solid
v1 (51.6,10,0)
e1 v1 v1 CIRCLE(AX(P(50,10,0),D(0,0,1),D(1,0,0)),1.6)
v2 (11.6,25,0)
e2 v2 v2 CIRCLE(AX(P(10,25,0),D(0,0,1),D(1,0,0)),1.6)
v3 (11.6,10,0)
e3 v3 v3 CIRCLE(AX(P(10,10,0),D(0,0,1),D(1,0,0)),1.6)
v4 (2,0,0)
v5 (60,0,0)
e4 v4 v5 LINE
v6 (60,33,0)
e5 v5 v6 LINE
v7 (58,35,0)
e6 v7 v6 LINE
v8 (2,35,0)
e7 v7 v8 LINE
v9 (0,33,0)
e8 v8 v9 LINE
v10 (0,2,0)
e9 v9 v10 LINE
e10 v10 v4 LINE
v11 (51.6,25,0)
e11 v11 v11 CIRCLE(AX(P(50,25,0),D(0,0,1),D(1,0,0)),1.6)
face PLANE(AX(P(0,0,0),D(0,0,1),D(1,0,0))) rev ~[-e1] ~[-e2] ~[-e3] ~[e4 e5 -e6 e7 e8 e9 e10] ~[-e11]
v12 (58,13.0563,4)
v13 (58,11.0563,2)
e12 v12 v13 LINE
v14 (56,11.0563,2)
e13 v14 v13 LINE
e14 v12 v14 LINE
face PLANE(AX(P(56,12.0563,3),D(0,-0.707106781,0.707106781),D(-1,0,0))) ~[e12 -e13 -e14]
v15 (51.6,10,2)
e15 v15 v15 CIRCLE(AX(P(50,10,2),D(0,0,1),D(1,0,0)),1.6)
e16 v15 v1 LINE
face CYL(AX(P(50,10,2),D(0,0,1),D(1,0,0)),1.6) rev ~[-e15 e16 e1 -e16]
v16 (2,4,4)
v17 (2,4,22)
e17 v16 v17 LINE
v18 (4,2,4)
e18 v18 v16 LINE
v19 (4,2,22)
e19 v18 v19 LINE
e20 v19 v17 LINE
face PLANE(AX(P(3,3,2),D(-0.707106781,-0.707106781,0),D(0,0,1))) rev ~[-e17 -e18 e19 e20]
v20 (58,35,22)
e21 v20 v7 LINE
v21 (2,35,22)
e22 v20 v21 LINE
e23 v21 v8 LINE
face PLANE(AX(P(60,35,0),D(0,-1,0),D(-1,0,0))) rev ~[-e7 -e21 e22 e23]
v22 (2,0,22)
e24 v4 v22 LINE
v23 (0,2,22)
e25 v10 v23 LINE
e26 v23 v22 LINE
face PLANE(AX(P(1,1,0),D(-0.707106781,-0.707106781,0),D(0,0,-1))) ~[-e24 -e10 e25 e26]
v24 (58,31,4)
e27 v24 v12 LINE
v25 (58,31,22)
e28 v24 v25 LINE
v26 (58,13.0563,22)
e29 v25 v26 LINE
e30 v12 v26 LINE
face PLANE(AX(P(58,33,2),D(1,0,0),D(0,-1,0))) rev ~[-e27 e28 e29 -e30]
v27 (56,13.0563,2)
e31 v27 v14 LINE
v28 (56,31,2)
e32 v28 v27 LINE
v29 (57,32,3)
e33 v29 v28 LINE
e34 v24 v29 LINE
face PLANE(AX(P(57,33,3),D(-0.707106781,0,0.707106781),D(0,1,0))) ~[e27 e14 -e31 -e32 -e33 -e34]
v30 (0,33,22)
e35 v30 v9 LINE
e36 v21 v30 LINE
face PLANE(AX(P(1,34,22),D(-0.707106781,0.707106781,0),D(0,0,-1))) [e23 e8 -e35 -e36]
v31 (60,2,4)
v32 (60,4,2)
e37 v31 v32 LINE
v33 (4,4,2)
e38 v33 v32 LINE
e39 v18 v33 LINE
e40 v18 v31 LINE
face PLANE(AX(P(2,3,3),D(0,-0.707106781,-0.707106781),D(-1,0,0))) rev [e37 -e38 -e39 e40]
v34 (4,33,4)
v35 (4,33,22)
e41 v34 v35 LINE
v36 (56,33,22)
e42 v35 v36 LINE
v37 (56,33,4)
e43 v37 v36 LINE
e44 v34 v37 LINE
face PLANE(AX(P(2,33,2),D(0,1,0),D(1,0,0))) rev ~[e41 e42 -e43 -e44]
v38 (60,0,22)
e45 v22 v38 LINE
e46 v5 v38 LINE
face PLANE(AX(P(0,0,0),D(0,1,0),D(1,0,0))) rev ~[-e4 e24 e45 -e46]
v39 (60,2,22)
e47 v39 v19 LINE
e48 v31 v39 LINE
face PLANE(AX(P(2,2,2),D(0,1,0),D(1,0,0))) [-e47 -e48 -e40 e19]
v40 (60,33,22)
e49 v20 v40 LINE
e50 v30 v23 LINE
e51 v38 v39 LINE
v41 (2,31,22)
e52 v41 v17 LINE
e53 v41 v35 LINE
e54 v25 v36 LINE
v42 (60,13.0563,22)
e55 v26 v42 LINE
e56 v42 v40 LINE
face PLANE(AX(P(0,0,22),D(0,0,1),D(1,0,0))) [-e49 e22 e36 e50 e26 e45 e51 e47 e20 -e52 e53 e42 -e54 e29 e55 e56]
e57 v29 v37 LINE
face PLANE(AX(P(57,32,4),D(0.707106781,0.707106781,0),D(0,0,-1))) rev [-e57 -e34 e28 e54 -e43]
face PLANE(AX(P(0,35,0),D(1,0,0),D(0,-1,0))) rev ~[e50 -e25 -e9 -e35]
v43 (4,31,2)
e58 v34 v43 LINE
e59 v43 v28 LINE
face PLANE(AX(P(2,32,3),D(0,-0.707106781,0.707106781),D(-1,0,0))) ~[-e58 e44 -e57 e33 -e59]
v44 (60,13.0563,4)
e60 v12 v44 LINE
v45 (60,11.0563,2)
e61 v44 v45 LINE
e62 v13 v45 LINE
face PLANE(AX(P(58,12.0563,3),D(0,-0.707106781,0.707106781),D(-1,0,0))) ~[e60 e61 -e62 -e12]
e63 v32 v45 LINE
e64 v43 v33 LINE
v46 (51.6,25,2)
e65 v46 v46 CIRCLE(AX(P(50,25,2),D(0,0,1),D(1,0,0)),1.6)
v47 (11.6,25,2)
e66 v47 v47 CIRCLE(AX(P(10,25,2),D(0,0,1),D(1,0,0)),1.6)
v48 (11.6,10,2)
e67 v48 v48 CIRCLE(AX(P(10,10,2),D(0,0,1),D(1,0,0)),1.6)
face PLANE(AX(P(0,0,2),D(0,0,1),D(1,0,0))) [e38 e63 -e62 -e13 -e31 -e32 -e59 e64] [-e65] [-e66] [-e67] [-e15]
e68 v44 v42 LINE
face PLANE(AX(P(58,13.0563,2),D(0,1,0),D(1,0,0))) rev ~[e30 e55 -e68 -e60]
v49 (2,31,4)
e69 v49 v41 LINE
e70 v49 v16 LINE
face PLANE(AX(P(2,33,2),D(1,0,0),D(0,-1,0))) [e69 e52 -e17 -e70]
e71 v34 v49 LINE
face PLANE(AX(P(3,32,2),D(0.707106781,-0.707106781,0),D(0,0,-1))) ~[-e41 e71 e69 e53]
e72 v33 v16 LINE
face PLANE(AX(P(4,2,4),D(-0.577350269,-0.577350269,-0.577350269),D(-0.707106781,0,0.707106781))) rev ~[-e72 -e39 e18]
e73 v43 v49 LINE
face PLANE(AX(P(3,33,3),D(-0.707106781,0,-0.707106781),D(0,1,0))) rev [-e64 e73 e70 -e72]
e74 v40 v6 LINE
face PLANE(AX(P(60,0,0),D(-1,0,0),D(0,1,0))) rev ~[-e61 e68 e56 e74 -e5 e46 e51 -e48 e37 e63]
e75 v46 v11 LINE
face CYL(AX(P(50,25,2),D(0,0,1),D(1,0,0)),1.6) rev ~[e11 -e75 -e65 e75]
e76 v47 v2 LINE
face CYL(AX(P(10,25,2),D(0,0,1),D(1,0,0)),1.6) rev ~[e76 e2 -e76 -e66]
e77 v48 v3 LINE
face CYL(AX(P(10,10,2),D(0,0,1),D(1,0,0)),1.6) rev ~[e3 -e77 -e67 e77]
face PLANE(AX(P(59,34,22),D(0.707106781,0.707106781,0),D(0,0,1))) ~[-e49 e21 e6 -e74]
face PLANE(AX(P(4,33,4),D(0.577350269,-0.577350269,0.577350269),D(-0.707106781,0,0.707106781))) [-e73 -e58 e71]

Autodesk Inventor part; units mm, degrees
ref_plane "YZ Plane" through (0, 0, 0) normal (1, 0, 0) x (0, 1, 0)
ref_plane "XZ Plane" through (0, 0, 0) normal (0, 1, 0) x (-1, 0, 0)
ref_plane "XY Plane" through (0, 0, 0) normal (0, 0, 1) x (1, 0, 0)
sketch "スケッチ1" plane through (0, 0, 0) normal (0, 0, 1) x (1, 0, 0)
  line L0 (0, 0) -> (60, 0)
  line L1 (60, 0) -> (60, 35)
  line L2 (60, 35) -> (0, 35)
  line L3 (0, 35) -> (0, 0)
  dimension "d0" = 60
  dimension "d1" = 35
extrude "押し出し1" add sketch "スケッチ1" along normal blind 2
sketch "スケッチ2" plane through (0, 0, 2) normal (0, 0, 1) x (1, 0, 0)
  line L0 (60, 35) -> (0, 35) projected
  line L1 (2, 33) -> (2, 2)
  line L2 (0, 35) -> (0, 0) projected
  line L3 (58, 33) -> (58, 13.0563)
  line L4 (60, 0) -> (60, 35) projected
  line L5 (2, 33) -> (58, 33)
  line L6 (2, 2) -> (58, 2)
  line L7 (0, 0) -> (60, 0) projected
  line L8 (58, 13.0563) -> (60, 13.0563)
  line L9 (60, 2) -> (58, 2)
  line L10 (0, 35) -> (60, 35)
  line L11 (60, 0) -> (0, 0)
  line L12 (0, 0) -> (0, 35)
  line L13 (60, 13.0563) -> (58, 13.0563)
  line L14 (60, 2) -> (2, 2)
  line L15 (60, 35) -> (60, 13.0563)
  line L16 (60, 2) -> (60, 0)
  dimension "d4" = 2
  dimension "d5" = 2
  dimension "d6" = 2
extrude "押し出し3" add sketch "スケッチ2" along normal blind 20 contours L4 L8 L3 L5 L1 L6 L9 L7 L2 L0
sketch "スケッチ3" plane through (0, 0, 2) normal (0, 0, 1) x (1, 0, 0)
  circle A0 centre (10, 25) radius 1.6
  line L0 (60, 35) -> (0, 35) projected
  line L1 (0, 35) -> (0, 0) projected
  circle A1 centre (50, 25) radius 1.6
  circle A2 centre (10, 10) radius 1.6
  circle A3 centre (50, 10) radius 1.6
  dimension "d12" = 3.2
  dimension "d13" = 10
  dimension "d14" = 10
  dimension "d15" = 3.2
  dimension "d16" = 3.2
  dimension "d17" = 3.2
extrude "押し出し4" cut sketch "スケッチ3" against normal blind 2
chamfer "面取り1" distance 2 angle 45 7 edges at (2, 17.5, 2) (30, 33, 2) (31, 2, 2) (2, 2, 12) (2, 33, 12) (60, 35, 11) (58, 23.0282, 2)
chamfer "面取り2" distance 2 angle 45 2 edges at (59, 13.0563, 2) (58, 33, 13)
chamfer "面取り3" distance 2 angle 45 2 edges at (0, 0, 11) (0, 35, 11)
properties part number "LiFeCase"
